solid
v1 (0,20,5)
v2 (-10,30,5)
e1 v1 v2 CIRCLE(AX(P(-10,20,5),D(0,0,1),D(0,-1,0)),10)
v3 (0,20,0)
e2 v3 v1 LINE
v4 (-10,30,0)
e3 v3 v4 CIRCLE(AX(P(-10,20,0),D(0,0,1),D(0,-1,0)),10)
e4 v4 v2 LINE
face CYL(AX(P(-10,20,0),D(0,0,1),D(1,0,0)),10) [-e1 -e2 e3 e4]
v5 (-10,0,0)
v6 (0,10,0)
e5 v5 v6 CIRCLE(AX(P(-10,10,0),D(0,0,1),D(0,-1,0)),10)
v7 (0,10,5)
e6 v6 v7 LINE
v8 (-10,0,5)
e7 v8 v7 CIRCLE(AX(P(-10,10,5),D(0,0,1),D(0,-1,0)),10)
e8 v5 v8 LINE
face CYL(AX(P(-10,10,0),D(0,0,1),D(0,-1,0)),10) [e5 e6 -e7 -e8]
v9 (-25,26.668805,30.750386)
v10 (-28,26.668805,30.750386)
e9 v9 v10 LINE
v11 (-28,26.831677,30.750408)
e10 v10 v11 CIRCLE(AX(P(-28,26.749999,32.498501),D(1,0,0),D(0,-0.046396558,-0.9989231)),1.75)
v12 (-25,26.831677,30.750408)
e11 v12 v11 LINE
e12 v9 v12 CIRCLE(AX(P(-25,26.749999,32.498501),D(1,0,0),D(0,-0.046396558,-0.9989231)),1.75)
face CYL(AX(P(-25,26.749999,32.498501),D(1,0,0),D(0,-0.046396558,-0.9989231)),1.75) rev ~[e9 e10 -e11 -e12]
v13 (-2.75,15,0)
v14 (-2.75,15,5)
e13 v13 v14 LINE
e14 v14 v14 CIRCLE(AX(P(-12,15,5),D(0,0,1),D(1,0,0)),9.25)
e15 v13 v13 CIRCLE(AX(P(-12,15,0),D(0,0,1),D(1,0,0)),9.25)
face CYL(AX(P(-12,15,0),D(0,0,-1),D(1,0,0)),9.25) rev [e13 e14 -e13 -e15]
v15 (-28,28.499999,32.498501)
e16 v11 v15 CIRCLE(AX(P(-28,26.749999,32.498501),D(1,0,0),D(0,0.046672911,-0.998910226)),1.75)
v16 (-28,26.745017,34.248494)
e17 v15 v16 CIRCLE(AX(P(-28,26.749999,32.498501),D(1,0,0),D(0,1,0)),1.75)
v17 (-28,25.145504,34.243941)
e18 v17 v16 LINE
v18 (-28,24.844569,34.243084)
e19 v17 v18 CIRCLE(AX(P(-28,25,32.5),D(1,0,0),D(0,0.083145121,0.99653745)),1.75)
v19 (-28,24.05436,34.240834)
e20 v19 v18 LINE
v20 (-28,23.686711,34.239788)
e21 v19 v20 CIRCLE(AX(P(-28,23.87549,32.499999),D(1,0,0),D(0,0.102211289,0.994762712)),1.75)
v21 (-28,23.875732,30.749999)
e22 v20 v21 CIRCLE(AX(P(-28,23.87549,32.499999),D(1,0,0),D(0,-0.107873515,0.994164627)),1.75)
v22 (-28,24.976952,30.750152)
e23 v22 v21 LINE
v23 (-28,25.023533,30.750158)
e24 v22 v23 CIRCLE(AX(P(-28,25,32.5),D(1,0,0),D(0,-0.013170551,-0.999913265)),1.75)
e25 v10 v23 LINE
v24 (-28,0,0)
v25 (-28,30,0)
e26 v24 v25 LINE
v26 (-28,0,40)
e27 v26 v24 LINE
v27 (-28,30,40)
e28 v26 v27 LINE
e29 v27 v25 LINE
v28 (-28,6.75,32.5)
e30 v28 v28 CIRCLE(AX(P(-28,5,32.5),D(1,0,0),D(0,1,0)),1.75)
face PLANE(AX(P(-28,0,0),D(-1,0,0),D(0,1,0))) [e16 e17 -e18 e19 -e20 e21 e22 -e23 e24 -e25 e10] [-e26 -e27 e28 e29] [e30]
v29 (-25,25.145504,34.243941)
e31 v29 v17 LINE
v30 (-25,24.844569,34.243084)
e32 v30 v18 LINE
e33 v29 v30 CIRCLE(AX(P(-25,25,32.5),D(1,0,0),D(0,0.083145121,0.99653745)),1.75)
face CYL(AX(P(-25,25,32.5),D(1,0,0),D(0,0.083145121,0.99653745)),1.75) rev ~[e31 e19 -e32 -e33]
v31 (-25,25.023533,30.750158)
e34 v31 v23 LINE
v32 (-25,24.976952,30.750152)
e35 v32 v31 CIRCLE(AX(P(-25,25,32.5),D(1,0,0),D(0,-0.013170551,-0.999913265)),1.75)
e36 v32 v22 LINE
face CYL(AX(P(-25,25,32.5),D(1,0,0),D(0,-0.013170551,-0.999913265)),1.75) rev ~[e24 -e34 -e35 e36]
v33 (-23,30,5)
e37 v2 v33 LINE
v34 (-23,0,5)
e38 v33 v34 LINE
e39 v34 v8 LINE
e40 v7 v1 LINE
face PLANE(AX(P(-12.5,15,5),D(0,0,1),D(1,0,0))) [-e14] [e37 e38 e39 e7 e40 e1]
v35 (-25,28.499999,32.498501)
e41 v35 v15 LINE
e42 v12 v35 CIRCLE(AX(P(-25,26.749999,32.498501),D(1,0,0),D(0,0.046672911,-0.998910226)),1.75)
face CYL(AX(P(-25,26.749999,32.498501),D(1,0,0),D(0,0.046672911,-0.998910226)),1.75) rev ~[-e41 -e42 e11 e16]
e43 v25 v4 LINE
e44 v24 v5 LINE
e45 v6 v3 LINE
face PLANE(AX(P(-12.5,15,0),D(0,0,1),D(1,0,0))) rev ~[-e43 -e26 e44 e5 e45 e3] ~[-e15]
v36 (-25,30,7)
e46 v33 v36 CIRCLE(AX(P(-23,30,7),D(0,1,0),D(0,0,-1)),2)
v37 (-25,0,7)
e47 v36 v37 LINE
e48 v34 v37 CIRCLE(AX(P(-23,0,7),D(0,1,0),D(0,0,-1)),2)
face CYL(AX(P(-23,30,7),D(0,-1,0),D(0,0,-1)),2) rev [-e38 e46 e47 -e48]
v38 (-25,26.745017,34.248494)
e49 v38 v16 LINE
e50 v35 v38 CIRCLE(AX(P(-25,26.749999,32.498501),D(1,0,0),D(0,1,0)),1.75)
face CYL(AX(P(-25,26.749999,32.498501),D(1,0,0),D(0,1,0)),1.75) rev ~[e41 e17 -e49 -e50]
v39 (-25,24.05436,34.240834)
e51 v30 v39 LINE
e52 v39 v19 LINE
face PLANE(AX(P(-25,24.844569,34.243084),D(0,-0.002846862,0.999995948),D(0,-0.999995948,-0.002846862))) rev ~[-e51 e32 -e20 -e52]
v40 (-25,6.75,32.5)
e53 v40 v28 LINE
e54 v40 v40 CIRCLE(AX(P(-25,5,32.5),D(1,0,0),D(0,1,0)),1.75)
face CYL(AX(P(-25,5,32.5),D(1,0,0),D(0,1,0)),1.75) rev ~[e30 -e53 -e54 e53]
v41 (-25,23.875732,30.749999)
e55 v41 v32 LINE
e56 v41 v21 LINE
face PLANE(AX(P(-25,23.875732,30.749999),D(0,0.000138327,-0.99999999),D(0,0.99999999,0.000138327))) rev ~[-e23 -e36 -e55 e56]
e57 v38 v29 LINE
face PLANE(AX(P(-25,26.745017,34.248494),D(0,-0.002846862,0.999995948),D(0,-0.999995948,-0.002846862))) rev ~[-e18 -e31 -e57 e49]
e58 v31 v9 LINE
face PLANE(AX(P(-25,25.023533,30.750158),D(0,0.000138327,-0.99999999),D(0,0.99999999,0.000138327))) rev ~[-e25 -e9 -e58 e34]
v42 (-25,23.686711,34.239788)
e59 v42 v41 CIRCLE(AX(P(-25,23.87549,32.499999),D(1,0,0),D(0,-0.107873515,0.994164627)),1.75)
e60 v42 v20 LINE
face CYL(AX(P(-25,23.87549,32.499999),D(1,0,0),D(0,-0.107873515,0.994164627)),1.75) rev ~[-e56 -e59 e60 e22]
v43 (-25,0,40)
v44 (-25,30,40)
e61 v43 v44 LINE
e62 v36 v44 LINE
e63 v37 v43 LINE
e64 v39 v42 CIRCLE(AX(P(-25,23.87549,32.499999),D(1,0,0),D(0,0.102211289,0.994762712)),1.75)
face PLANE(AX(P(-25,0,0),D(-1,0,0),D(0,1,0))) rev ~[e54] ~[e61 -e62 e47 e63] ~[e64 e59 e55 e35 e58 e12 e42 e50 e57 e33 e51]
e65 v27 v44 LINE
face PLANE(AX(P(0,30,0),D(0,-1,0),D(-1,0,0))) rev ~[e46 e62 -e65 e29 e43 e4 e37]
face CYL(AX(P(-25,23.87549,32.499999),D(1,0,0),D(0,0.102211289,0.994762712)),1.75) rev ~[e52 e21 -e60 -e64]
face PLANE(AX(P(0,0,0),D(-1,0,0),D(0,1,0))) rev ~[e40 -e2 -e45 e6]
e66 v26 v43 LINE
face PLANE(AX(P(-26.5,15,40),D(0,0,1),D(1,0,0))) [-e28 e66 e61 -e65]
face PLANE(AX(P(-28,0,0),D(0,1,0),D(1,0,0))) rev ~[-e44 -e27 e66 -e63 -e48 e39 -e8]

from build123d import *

# Parameters (mm, degrees)
F0_W     = 25
F0_H     = 30
F0_R     = 9.25
F0_W_2   = 3
F1_DEPTH = 5
F2_DEPTH = 40
F3_R     = 10
F4_R     = 1.75
F5_DEPTH = 3.001
F6_R     = 2


with BuildPart() as f1:
    # F0 (on Top) → F1 (new body)
    with BuildSketch(Plane.XY):
        with Locations((-12.5, 15)):
            Rectangle(F0_W, F0_H)
        with Locations((-12, 15)):
            Circle(F0_R, mode=Mode.SUBTRACT)
        with Locations((-26.5, 15)):
            Rectangle(F0_W_2, F0_H)
    extrude(amount=F1_DEPTH)

    # F0 (on Top) → F2 (join)
    with BuildSketch(Plane.XY):
        with Locations((-26.5, 15)):
            Rectangle(F0_W_2, F0_H)
    extrude(amount=F2_DEPTH)

    # F3
    f3_edges = [f1.edges().sort_by_distance(p)[0] for p in [
        (0, 0, 2.5),
        (0, 30, 2.5),
    ]]
    fillet(f3_edges, radius=F3_R)

    # F4 (on face) → F5 (cut, through all)
    with BuildSketch(Plane.YZ.offset(-25)):
        with Locations((5, 32.5)):
            Circle(F4_R)
        with BuildLine():
            ThreePointArc((25.8762976423, 34.0147945214), (26.5159190074, 33.3743509381), (26.75, 32.5))
            ThreePointArc((26.75, 32.5), (26.5151696279, 31.6243510986), (25.8737017159, 30.9837067198))
            ThreePointArc((25.8737017159, 30.9837067198), (26.2572446424, 30.8193071518), (26.6688053839, 30.7503858164))
            Line((26.6688053839, 30.7503858164), (26.8316769531, 30.7504083459))
            ThreePointArc((26.8316769531, 30.7504083459), (28.015984309, 31.290286813), (28.4999993582, 32.4985012412))
            ThreePointArc((28.4999993582, 32.4985012412), (27.9856735638, 33.7376982625), (26.7450173494, 34.2484941496))
            ThreePointArc((26.7450173494, 34.2484941496), (26.2953839701, 34.1884198336), (25.8762976423, 34.0147945214))
        make_face()
        with BuildLine():
            ThreePointArc((25.313264961, 33.4976480132), (25.5661966357, 33.7873422376), (25.8762976423, 34.0147945214))
            ThreePointArc((25.8762976423, 34.0147945214), (25.5235901108, 34.1698363381), (25.1455039627, 34.2439405371))
            Line((25.1455039627, 34.2439405371), (24.8445689194, 34.243083813))
            ThreePointArc((24.8445689194, 34.243083813), (24.6385972754, 34.2122756994), (24.4377440921, 34.1572170329))
            ThreePointArc((24.4377440921, 34.1572170329), (24.9284794863, 33.8977522036), (25.313264961, 33.4976480132))
        make_face()
        with BuildLine():
            ThreePointArc((25.1455039627, 34.2439405371), (25.5235901108, 34.1698363381), (25.8762976423, 34.0147945214))
            ThreePointArc((25.8762976423, 34.0147945214), (26.2953839701, 34.1884198336), (26.7450173494, 34.2484941496))
            Line((26.7450173494, 34.2484941496), (25.1455039627, 34.2439405371))
        make_face()
        with BuildLine():
            ThreePointArc((26.6688053839, 30.7503858164), (26.2572446424, 30.8193071518), (25.8737017159, 30.9837067198))
            ThreePointArc((25.8737017159, 30.9837067198), (25.4635661352, 30.8125147591), (25.0235325622, 30.7501582304))
            Line((25.0235325622, 30.7501582304), (26.6688053839, 30.7503858164))
        make_face()
        with BuildLine():
            ThreePointArc((25.0235325622, 30.7501582304), (25.4635661352, 30.8125147591), (25.8737017159, 30.9837067198))
            ThreePointArc((25.8737017159, 30.9837067198), (25.5644222061, 31.2112923163), (25.3122242271, 31.5008526697))
            ThreePointArc((25.3122242271, 31.5008526697), (24.927751526, 31.1016985717), (24.4377457378, 30.8427824088))
            ThreePointArc((24.4377457378, 30.8427824088), (24.7037063498, 30.7752652167), (24.97695154, 30.750151787))
            Line((24.97695154, 30.750151787), (25.0235325622, 30.7501582304))
        make_face()
        with BuildLine():
            Line((24.8445689194, 34.243083813), (25.1455039627, 34.2439405371))
            ThreePointArc((25.1455039627, 34.2439405371), (24.9950179912, 34.2499929084), (24.8445689194, 34.243083813))
        make_face()
        with BuildLine():
            ThreePointArc((24.97695154, 30.750151787), (25.0002420726, 30.7500000167), (25.0235325622, 30.7501582304))
            Line((25.0235325622, 30.7501582304), (24.97695154, 30.750151787))
        make_face()
        with BuildLine():
            Line((26.8316769531, 30.7504083459), (26.6688053839, 30.7503858164))
            ThreePointArc((26.6688053839, 30.7503858164), (26.7502414308, 30.7485012579), (26.8316769531, 30.7504083459))
        make_face()
        with BuildLine():
            ThreePointArc((24.4377440921, 34.1572170329), (24.6385972754, 34.2122756994), (24.8445689194, 34.243083813))
            Line((24.8445689194, 34.243083813), (24.0543595868, 34.2408341869))
            ThreePointArc((24.0543595868, 34.2408341869), (24.248402903, 34.2098052318), (24.4377440921, 34.1572170329))
        make_face()
        with BuildLine():
            ThreePointArc((24.4377457378, 30.8427824088), (23.25, 32.4999991311), (24.4377440921, 34.1572170329))
            ThreePointArc((24.4377440921, 34.1572170329), (24.248402903, 34.2098052318), (24.0543595868, 34.2408341869))
            Line((24.0543595868, 34.2408341869), (23.6867111794, 34.2397875383))
            ThreePointArc((23.6867111794, 34.2397875383), (22.1280512127, 32.4053512558), (23.8757319025, 30.7499994584))
            ThreePointArc((23.8757319025, 30.7499994584), (24.1605392352, 30.7733706928), (24.4377457378, 30.8427824088))
        make_face()
        with BuildLine():
            Line((23.8757319025, 30.7499994584), (24.97695154, 30.750151787))
            ThreePointArc((24.97695154, 30.750151787), (24.7037063498, 30.7752652167), (24.4377457378, 30.8427824088))
            ThreePointArc((24.4377457378, 30.8427824088), (24.1605392352, 30.7733706928), (23.8757319025, 30.7499994584))
        make_face()
        with BuildLine():
            Line((23.6867111794, 34.2397875383), (24.0543595868, 34.2408341869))
            ThreePointArc((24.0543595868, 34.2408341869), (23.8705078211, 34.2499923501), (23.6867111794, 34.2397875383))
        make_face()
        with BuildLine():
            ThreePointArc((25.8737017159, 30.9837067198), (26.5151696279, 31.6243510986), (26.75, 32.5))
            ThreePointArc((26.75, 32.5), (26.5159190074, 33.3743509381), (25.8762976423, 34.0147945214))
            ThreePointArc((25.8762976423, 34.0147945214), (25.5661966357, 33.7873422376), (25.313264961, 33.4976480132))
            ThreePointArc((25.313264961, 33.4976480132), (25.545610556, 33.0226817163), (25.6254898299, 32.4999994417))
            ThreePointArc((25.6254898299, 32.4999994417), (25.5453379061, 31.9764467676), (25.3122242271, 31.5008526697))
            ThreePointArc((25.3122242271, 31.5008526697), (25.5644222061, 31.2112923163), (25.8737017159, 30.9837067198))
        make_face()
        with BuildLine():
            ThreePointArc((25.3122242271, 31.5008526697), (24.9999995959, 32.4994133448), (25.313264961, 33.4976480132))
            ThreePointArc((25.313264961, 33.4976480132), (24.9284794863, 33.8977522036), (24.4377440921, 34.1572170329))
            ThreePointArc((24.4377440921, 34.1572170329), (23.25, 32.4999991311), (24.4377457378, 30.8427824088))
            ThreePointArc((24.4377457378, 30.8427824088), (24.927751526, 31.1016985717), (25.3122242271, 31.5008526697))
        make_face()
        with BuildLine():
            ThreePointArc((25.6254898299, 32.4999994417), (25.545610556, 33.0226817163), (25.313264961, 33.4976480132))
            ThreePointArc((25.313264961, 33.4976480132), (24.9999995959, 32.4994133448), (25.3122242271, 31.5008526697))
            ThreePointArc((25.3122242271, 31.5008526697), (25.5453379061, 31.9764467676), (25.6254898299, 32.4999994417))
        make_face()
    extrude(amount=-F5_DEPTH, mode=Mode.SUBTRACT)

    # F6
    f6_edges = [f1.edges().sort_by_distance(p)[0] for p in [
        (-25, 15, 5),
    ]]
    fillet(f6_edges, radius=F6_R)


solid = f1.part
